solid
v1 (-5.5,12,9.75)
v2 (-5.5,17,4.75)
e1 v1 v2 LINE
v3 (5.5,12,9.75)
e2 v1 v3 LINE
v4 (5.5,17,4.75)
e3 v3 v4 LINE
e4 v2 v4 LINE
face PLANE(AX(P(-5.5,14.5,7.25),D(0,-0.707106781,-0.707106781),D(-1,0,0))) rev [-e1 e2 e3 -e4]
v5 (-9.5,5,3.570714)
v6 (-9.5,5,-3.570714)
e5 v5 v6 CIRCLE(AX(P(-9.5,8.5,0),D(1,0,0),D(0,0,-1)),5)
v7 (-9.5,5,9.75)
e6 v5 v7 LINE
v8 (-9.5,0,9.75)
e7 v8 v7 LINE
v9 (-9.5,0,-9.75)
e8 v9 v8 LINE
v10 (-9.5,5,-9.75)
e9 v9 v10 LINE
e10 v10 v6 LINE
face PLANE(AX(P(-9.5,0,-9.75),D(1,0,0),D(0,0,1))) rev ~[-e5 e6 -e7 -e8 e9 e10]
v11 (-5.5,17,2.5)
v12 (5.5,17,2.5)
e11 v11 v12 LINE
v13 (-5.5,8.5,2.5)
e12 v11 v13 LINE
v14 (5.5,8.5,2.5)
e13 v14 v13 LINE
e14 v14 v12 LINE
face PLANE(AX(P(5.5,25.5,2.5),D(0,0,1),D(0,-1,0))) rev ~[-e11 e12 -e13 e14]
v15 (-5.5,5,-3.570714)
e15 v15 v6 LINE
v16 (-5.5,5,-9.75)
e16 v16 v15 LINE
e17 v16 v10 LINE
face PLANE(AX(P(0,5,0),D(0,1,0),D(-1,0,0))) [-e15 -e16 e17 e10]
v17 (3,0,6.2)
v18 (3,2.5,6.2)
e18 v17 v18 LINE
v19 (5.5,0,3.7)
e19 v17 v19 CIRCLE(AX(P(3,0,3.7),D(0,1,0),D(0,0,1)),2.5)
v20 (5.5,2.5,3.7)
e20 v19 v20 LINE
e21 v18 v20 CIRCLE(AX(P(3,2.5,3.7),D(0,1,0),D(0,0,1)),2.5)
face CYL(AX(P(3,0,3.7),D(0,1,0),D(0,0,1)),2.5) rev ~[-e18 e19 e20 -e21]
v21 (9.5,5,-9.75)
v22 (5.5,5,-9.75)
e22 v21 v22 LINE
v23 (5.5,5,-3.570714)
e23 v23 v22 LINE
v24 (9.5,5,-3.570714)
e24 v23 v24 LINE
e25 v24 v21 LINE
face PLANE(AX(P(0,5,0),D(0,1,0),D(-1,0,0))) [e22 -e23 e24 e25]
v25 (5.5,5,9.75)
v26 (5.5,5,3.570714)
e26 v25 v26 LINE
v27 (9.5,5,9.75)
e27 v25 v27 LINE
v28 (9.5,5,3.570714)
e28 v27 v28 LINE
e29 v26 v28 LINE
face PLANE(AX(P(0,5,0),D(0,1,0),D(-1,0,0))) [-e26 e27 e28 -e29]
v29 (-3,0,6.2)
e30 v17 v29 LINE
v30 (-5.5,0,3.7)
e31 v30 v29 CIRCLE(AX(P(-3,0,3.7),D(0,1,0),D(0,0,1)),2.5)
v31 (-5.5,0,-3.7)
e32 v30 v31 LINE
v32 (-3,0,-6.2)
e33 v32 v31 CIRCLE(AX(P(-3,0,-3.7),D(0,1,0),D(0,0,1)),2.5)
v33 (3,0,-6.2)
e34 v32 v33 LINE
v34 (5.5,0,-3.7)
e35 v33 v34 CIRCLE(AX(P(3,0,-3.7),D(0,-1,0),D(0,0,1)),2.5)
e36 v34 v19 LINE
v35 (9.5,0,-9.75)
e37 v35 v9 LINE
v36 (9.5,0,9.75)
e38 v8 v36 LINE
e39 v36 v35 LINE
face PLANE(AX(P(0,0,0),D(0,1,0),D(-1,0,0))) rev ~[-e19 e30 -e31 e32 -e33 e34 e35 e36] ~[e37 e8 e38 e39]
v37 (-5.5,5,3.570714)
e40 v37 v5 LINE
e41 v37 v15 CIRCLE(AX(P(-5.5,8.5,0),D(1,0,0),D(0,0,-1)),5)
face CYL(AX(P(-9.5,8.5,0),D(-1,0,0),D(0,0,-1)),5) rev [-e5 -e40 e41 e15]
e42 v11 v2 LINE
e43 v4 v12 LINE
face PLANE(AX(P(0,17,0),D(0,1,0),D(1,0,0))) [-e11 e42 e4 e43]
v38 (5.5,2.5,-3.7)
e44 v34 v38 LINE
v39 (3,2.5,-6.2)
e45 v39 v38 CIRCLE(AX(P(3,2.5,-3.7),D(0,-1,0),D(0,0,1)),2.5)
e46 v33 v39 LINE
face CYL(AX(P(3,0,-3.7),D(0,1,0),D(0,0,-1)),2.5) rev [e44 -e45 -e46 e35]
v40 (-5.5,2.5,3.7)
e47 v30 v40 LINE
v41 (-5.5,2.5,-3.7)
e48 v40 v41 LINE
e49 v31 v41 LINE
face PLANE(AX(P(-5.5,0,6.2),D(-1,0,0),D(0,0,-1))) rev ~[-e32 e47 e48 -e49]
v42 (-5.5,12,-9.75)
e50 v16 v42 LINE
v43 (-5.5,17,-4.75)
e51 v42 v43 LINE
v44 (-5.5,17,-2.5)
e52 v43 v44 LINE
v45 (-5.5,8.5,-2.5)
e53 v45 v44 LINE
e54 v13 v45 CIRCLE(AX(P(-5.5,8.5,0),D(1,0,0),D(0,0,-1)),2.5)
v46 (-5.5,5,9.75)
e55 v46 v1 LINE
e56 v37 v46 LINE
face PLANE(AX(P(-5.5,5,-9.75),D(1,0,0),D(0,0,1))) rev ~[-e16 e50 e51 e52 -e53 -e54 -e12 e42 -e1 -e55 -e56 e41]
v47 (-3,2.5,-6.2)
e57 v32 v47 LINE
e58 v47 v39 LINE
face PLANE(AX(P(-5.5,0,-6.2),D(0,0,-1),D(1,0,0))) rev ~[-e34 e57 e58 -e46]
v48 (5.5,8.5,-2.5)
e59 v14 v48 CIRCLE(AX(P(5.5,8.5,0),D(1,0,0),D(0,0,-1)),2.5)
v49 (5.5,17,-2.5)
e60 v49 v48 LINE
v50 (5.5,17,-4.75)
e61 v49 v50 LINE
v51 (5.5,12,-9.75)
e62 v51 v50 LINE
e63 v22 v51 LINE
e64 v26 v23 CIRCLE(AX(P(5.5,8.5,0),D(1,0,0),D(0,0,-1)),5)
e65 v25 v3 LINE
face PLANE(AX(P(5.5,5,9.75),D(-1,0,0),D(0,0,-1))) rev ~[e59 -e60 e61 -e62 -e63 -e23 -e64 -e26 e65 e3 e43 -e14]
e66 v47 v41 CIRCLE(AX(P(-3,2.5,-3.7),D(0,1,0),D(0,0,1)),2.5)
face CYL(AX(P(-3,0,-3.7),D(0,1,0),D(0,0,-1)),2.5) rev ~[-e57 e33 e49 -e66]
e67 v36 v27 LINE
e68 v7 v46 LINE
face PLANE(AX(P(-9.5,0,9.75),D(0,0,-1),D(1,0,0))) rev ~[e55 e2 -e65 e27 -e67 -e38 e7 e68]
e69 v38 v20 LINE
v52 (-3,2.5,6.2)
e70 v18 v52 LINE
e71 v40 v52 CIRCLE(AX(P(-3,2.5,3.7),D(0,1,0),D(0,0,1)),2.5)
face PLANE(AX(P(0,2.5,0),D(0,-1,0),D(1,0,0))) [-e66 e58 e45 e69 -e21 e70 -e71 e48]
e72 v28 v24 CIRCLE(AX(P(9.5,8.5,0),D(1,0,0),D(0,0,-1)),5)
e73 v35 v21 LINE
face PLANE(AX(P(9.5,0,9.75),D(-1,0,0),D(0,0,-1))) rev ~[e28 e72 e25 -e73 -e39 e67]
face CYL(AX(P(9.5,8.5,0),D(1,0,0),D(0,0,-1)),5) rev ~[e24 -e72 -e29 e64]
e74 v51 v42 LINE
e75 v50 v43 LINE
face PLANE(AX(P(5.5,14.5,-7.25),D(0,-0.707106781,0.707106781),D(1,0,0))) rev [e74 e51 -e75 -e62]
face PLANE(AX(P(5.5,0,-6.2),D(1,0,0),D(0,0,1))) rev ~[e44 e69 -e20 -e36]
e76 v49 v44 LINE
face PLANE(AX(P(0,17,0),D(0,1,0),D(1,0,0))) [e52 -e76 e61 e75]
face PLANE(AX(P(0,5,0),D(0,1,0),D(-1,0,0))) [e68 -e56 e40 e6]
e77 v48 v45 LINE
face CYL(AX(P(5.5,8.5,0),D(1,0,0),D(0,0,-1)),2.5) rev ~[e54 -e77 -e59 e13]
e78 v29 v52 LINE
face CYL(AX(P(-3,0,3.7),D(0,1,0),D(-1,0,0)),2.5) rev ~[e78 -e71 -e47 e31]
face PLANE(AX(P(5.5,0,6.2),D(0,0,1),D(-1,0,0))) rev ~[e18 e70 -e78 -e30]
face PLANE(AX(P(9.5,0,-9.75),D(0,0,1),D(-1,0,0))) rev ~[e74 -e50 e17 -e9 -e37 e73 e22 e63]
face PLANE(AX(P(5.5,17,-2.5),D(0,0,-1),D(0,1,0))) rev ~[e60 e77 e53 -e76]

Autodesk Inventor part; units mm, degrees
ref_plane "XZ Plane" through (0, 0, 0) normal (0, 1, 0) x (-1, 0, 0)
ref_plane "XY Plane" through (0, 0, 0) normal (0, 0, 1) x (1, 0, 0)
sketch "Sketch1" plane through (0, 0, 0) normal (0, 1, 0) x (-1, 0, 0)
  line L0 (9.5, 9.75) -> (-9.5, 9.75)
  line L1 (-9.5, 9.75) -> (-9.5, -9.75)
  line L2 (-9.5, -9.75) -> (9.5, -9.75)
  line L3 (9.5, -9.75) -> (9.5, 9.75)
  line L4 (9.5, 9.75) -> (-9.5, -9.75) construction
  line L5 (-9.5, 9.75) -> (9.5, -9.75) construction
  point P0 (0, 0)
  dimension "d0" = 19
  dimension "d1" = 19.5
extrude "Extrusion1" add sketch "Sketch1" along normal blind 5
sketch "Sketch2" plane through (0, 0, 0) normal (0, -1, 0) x (1, 0, 0)
  line L0 (5.5, 6.2) -> (-5.5, 6.2)
  line L1 (-5.5, 6.2) -> (-5.5, -6.2)
  line L2 (-5.5, -6.2) -> (5.5, -6.2)
  line L3 (5.5, -6.2) -> (5.5, 6.2)
  line L4 (5.5, 6.2) -> (-5.5, -6.2) construction
  line L5 (-5.5, 6.2) -> (5.5, -6.2) construction
  point P0 (0, 0)
  dimension "d4" = 11
  dimension "d5" = 12.4
extrude "Extrusion2" cut sketch "Sketch2" against normal blind 2.5
fillet "Fillet1" radius 2.5 4 edges at (-5.5, 1.25, 6.2) (5.5, 1.25, 6.2) (5.5, 1.25, -6.2) (-5.5, 1.25, -6.2)
sketch "Sketch3" plane through (0, 5, 0) normal (0, 1, 0) x (1, 0, 0)
  line L0 (9.5, 9.75) -> (-9.5, 9.75) projected
  line L1 (-5.5, -9.75) -> (5.5, -9.75)
  line L2 (5.5, -9.75) -> (5.5, 9.75)
  line L3 (5.5, 9.75) -> (-5.5, 9.75)
  line L4 (-5.5, 9.75) -> (-5.5, -9.75)
  line L5 (-5.5, -9.75) -> (5.5, 9.75) construction
  line L6 (5.5, -9.75) -> (-5.5, 9.75) construction
  point P0 (0, 0)
  dimension "d9" = 11
extrude "Extrusion3" add sketch "Sketch3" along normal blind 12
chamfer "Chamfer1" distance 5 angle 45 2 edges at (0, 17, 9.75) (0, 17, -9.75)
sketch "Sketch4" plane through (5.5, 5, 9.75) normal (1, 0, 0) x (0, 0, -1)
  line L0 (12.25, 20.5) -> (7.25, 20.5)
  line L1 (7.25, 20.5) -> (7.25, 3.5)
  line L2 (7.25, 3.5) -> (12.25, 3.5)
  line L3 (12.25, 3.5) -> (12.25, 20.5)
  line L4 (14.5, 12) -> (5, 12) projected
  line L5 (12.25, 20.5) -> (7.25, 3.5) construction
  line L6 (7.25, 20.5) -> (12.25, 3.5) construction
  circle A0 centre (9.75, 3.5) radius 2.5
  point P0 (9.75, -5)
  point P1 (9.75, 12)
  dimension "d15" = 5
  dimension "d16" = 17
extrude "Extrusion4" cut sketch "Sketch4" against normal through all
sketch "Sketch5" plane through (9.5, 0, 9.75) normal (1, 0, 0) x (0, 0, -1)
  arc A0 (7.25, 8.5) -> (12.25, 8.5) centre (9.75, 8.5) ccw projected
  circle A1 centre (9.75, 8.5) radius 5
  point P0 (9.75, 0)
  dimension "d19" = 10
extrude "Extrusion5" cut sketch "Sketch5" against normal up to surface (4 mm away)
ref_plane "Work Plane1" through (0, 0, 0) normal (1, 0, 0) x (0, 1, 0)
mirror "Mirror1" about plane through (0, 0, 0) normal (1, 0, 0) of "Extrusion5"
properties part number "Cassetto"
